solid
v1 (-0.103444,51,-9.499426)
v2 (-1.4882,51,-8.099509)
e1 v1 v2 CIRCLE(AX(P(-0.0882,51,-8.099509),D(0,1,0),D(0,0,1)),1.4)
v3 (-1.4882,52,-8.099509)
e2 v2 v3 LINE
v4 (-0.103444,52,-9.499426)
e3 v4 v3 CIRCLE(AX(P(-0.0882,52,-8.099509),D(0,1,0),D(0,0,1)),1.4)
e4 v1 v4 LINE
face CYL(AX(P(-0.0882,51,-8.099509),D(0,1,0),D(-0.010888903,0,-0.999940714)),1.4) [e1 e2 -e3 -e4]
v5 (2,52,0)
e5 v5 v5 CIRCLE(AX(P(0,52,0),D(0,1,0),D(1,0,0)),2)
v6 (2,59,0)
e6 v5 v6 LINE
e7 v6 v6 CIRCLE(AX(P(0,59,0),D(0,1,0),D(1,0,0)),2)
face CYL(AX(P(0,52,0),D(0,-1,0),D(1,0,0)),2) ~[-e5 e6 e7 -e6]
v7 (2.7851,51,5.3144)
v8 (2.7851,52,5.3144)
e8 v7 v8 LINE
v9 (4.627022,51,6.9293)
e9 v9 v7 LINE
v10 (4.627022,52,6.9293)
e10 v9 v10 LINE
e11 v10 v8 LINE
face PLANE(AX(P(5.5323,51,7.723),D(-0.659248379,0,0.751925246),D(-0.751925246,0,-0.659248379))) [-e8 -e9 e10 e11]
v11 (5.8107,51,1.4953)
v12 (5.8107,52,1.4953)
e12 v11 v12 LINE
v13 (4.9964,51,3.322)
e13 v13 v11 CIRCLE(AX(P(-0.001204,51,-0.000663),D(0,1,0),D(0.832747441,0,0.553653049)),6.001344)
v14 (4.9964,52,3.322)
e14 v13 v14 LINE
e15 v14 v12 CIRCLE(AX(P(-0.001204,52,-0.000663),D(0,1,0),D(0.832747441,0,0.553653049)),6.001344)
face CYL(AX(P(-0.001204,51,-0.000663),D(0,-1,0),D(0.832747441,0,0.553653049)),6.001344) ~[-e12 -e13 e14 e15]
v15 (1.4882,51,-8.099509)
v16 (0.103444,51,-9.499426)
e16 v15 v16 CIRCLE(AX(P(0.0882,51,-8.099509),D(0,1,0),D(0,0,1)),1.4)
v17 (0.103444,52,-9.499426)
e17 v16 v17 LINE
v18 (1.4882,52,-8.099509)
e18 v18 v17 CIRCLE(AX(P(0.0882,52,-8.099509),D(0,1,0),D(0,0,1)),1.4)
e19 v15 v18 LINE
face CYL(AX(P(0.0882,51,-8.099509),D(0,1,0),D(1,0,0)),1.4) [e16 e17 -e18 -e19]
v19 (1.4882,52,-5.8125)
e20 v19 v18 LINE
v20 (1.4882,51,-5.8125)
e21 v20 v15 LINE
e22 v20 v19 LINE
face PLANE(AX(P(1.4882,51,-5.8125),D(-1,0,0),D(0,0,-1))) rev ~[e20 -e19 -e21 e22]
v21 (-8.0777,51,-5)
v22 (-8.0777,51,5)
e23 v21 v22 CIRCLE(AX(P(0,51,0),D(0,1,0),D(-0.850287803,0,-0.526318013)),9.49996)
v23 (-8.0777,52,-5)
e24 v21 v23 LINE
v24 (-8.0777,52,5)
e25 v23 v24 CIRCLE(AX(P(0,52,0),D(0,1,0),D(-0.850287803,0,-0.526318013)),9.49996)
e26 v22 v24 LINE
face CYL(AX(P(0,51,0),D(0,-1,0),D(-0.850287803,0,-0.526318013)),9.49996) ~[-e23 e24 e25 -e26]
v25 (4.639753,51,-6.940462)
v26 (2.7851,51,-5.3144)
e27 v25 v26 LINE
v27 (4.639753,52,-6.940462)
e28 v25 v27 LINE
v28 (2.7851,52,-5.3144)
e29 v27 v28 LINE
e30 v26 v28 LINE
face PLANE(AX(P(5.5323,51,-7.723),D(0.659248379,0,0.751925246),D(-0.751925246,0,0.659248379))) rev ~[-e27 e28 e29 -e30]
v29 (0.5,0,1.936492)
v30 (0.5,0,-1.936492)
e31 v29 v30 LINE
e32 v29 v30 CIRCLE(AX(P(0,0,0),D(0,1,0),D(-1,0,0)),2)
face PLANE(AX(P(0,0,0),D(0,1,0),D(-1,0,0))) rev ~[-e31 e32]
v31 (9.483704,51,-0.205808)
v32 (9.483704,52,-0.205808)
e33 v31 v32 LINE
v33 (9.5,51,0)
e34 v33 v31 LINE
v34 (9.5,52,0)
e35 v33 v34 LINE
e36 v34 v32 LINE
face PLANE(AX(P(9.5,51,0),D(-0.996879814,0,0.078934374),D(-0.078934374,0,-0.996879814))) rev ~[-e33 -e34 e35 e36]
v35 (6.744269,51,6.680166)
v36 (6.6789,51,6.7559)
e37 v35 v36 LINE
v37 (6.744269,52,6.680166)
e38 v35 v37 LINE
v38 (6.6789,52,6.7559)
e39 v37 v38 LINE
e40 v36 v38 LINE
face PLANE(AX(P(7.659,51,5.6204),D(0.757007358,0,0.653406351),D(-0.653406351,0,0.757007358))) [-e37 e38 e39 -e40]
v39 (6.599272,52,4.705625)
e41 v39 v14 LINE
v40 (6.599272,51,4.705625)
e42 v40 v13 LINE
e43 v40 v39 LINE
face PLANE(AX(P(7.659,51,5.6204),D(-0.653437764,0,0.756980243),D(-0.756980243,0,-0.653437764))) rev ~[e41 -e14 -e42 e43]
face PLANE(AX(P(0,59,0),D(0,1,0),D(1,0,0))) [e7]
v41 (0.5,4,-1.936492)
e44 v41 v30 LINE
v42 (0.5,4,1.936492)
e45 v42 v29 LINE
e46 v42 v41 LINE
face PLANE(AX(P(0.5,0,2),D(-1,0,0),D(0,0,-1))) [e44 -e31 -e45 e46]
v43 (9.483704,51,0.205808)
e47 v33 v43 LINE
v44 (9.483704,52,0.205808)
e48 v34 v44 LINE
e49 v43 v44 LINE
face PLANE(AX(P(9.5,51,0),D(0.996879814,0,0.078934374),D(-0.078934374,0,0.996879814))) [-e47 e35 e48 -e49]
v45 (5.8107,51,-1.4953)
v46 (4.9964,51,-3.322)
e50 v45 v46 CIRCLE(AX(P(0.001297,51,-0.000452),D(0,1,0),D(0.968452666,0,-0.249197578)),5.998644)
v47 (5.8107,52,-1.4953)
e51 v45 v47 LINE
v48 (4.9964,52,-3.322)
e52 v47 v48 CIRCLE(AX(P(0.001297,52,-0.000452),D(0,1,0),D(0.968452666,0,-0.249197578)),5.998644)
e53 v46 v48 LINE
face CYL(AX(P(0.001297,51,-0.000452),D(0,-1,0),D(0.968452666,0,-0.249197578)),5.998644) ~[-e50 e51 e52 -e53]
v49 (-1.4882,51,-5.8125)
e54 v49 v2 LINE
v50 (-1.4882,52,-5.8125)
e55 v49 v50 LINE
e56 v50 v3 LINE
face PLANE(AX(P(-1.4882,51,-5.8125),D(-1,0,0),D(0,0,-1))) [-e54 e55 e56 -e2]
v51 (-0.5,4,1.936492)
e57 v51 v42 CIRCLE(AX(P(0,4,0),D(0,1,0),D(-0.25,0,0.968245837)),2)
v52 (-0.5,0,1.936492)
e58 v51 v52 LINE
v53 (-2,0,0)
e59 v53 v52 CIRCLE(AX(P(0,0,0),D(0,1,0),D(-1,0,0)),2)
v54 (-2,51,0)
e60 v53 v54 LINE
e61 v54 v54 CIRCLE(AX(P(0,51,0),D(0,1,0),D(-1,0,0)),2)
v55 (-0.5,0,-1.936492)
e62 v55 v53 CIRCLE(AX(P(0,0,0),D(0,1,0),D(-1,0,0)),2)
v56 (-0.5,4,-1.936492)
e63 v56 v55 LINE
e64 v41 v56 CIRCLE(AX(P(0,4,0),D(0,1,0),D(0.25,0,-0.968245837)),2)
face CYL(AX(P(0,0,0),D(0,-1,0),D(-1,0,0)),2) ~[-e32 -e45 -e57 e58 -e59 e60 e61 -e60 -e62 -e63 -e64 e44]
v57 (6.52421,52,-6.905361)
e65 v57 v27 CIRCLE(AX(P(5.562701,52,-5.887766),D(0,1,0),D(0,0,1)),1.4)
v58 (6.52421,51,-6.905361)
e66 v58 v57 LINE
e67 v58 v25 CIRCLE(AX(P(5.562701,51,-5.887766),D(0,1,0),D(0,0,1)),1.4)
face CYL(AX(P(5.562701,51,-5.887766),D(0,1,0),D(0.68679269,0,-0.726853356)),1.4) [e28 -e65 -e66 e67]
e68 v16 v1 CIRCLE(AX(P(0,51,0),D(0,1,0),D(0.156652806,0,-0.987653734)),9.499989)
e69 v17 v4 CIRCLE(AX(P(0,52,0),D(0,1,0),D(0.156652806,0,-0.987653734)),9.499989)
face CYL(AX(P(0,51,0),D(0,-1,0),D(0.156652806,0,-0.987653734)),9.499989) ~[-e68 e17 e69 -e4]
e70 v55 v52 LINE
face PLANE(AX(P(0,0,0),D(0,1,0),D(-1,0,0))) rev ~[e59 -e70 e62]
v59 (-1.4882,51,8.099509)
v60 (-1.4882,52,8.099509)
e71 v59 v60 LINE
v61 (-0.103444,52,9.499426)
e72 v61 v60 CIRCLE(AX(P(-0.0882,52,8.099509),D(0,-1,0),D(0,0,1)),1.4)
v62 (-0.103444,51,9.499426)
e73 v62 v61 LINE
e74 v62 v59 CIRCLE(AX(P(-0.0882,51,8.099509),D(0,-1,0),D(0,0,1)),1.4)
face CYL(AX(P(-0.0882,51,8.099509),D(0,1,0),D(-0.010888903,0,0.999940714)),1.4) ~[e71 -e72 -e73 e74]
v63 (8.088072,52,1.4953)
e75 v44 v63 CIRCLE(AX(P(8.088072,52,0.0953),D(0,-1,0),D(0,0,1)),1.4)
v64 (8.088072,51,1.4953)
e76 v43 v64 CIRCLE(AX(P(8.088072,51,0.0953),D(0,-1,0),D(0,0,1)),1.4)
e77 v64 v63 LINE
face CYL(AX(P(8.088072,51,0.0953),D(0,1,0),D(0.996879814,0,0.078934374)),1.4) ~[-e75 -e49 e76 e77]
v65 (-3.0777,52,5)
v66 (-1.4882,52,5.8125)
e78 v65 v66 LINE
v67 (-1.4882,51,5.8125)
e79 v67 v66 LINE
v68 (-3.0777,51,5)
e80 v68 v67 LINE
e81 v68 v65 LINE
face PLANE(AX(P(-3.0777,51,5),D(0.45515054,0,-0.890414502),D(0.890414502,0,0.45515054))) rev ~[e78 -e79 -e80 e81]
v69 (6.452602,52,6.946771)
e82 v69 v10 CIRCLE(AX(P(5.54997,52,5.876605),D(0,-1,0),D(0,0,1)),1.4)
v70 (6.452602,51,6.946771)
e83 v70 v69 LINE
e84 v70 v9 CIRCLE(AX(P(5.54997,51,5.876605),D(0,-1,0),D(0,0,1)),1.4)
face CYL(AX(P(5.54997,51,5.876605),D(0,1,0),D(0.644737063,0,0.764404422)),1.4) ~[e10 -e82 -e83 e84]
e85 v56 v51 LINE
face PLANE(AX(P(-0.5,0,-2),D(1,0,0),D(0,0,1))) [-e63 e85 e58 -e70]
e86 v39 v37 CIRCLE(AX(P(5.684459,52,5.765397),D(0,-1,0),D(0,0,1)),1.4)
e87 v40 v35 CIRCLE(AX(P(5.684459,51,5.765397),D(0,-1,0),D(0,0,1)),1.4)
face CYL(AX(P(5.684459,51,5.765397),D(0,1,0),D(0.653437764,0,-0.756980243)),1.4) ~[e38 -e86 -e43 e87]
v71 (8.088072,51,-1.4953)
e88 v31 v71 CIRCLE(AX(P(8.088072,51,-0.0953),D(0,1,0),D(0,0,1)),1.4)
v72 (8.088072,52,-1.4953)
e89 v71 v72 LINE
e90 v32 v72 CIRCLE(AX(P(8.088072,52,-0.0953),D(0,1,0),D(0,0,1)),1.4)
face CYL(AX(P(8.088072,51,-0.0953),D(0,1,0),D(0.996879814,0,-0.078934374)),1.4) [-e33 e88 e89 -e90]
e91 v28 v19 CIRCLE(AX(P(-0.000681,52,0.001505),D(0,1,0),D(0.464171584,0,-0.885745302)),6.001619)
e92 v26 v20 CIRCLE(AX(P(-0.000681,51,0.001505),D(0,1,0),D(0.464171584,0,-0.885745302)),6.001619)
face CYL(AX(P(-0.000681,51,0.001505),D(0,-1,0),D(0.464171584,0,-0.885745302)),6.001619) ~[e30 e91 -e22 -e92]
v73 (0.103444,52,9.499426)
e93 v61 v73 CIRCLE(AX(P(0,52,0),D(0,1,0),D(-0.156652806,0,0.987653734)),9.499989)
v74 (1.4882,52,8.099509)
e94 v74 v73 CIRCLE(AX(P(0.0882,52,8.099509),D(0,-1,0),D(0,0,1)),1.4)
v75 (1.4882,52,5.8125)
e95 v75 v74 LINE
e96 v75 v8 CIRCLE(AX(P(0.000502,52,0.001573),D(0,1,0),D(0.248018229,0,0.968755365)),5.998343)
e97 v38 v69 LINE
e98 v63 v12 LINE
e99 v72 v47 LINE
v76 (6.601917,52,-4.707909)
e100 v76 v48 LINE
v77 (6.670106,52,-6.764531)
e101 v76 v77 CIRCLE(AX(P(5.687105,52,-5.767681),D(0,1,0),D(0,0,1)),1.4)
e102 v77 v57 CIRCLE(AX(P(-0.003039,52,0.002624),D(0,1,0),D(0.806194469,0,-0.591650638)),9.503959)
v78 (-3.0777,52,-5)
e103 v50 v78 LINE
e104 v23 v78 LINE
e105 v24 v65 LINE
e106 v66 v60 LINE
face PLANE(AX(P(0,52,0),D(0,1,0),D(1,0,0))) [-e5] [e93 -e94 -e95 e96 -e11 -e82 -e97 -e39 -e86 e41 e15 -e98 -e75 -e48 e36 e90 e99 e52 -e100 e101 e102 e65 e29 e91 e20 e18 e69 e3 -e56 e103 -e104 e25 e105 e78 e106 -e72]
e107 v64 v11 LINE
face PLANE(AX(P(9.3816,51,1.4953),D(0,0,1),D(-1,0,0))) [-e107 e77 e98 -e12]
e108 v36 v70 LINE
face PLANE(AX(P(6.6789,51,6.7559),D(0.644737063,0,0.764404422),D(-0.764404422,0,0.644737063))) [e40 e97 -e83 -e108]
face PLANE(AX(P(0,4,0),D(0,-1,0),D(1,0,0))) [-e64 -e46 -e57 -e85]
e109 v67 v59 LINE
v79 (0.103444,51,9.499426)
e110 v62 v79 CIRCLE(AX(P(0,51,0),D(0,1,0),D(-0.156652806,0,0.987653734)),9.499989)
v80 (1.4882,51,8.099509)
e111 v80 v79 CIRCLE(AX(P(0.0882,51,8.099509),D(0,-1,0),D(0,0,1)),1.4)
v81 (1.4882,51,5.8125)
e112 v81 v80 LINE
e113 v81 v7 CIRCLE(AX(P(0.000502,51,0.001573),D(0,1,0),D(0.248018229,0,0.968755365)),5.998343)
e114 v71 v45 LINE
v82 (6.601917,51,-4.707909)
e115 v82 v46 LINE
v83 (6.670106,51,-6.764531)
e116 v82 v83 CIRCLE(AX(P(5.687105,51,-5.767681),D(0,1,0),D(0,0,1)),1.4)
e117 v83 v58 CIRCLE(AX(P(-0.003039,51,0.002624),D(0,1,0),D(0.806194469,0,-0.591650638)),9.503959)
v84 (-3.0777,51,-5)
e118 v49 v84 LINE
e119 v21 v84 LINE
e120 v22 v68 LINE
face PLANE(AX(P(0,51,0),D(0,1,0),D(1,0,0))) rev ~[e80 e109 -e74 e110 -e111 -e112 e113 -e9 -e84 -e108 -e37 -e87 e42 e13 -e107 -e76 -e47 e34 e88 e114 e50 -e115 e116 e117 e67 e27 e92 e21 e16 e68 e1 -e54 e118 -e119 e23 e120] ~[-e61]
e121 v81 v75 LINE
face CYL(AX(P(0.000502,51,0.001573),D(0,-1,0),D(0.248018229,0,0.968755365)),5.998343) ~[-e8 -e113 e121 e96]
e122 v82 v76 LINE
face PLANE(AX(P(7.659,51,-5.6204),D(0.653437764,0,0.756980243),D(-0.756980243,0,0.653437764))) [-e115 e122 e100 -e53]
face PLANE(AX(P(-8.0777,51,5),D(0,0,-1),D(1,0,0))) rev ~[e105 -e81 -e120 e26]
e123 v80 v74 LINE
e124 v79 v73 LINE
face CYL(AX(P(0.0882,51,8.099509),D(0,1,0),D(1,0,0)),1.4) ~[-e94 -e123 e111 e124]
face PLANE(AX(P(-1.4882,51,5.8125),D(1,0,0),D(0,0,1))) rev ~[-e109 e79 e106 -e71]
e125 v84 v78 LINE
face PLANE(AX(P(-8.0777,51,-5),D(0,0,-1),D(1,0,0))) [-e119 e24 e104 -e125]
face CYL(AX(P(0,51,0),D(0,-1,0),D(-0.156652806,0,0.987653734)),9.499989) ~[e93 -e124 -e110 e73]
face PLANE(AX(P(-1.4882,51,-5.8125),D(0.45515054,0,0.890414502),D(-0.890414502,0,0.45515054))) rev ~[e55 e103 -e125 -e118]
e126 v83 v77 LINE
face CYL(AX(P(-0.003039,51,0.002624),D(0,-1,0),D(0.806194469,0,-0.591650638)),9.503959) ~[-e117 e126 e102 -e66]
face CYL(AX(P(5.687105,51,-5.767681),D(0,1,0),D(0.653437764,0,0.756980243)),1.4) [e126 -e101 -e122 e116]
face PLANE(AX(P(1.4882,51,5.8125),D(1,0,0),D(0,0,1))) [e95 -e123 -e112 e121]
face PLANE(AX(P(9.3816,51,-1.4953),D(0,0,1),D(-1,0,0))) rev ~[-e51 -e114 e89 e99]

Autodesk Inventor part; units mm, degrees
ref_plane "YZ Plane" through (0, 0, 0) normal (1, 0, 0) x (0, 1, 0)
ref_plane "XZ Plane" through (0, 0, 0) normal (0, 1, 0) x (-1, 0, 0)
ref_plane "XY Plane" through (0, 0, 0) normal (0, 0, 1) x (1, 0, 0)
sketch "Sketch1" plane through (0, 0, 0) normal (0, 1, 0) x (-1, 0, 0)
  point P0 (0, 0)
sketch "Sketch2" plane through (0, 0, 0) normal (0, 1, 0) x (-1, 0, 0)
  circle A0 centre (0, 0) radius 2
  dimension "d0" = 4
extrude "Extrusion1" add sketch "Sketch2" along normal blind 51
sketch "Sketch3" plane through (0, 0, 0) normal (0, -1, 0) x (1, 0, 0)
  line L0 (-0.5, 2) -> (0.5, 2)
  line L1 (0.5, 2) -> (0.5, -2)
  line L2 (0.5, -2) -> (-0.5, -2)
  line L3 (-0.5, -2) -> (-0.5, 2)
  line L4 (-0.5, 2) -> (0.5, -2) construction
  line L5 (0.5, 2) -> (-0.5, -2) construction
  point P0 (0, 0)
  dimension "d3" = 1
  dimension "d4" = 4
extrude "Extrusion2" cut sketch "Sketch3" against normal blind 4
sketch "Sketch4" plane through (0, 51, 0) normal (0, 1, 0) x (1, 0, 0)
  line L0 (0, 9.5) -> (0, -9.5) construction
  line L1 (9.5, 0) -> (-9.5, 0) construction
  line L2 (9.5, 0) -> (9.3816, 1.4953)
  line L3 (9.3816, 1.4953) -> (5.8107, 1.4953)
  line L4 (9.5, 0) -> (9.3816, -1.4953)
  line L5 (9.3816, -1.4953) -> (5.8107, -1.4953)
  line L6 (1.4882, -5.8125) -> (1.4882, -9.3827)
  line L7 (-1.4882, -5.8125) -> (-1.4882, -9.3827)
  line L8 (1.4882, 5.8125) -> (1.4882, 9.3827)
  line L9 (-1.4882, 5.8125) -> (-1.4882, 9.3827)
  line L10 (7.659, -5.6204) -> (4.9964, -3.322)
  line L11 (7.659, -5.6204) -> (6.6789, -6.7559)
  line L12 (6.6789, -6.7559) -> (5.5323, -7.723)
  line L13 (5.5323, -7.723) -> (2.7851, -5.3144)
  line L14 (7.659, 5.6204) -> (4.9964, 3.322)
  line L15 (5.5323, 7.723) -> (2.7851, 5.3144)
  line L16 (-9.5, 0) -> (-9.5, 5) construction
  line L17 (-9.5, 0) -> (-9.5, -5) construction
  line L18 (-8.0777, 5) -> (-3.0777, 5)
  line L19 (-8.0777, -5) -> (-3.0777, -5)
  line L20 (-1.4882, 5.8125) -> (-3.0777, 5)
  line L21 (-3.0777, -5) -> (-1.4882, -5.8125)
  arc A0 (-8.0777, 5) -> (-8.0777, -5) centre (0, 0) ccw
  arc A1 (-1.4882, -9.3827) -> (1.4882, -9.3827) centre (0, 0) ccw
  arc A2 (5.5323, -7.723) -> (7.659, -5.6204) centre (0, 0) ccw
  arc A3 (9.3816, -1.4953) -> (9.3816, 1.4953) centre (0, 0) ccw
  arc A4 (7.659, 5.6204) -> (5.5323, 7.723) centre (0, 0) ccw
  arc A5 (1.4882, 9.3827) -> (-1.4882, 9.3827) centre (0, 0) ccw
  arc A6 (5.8107, 1.4953) -> (4.9964, 3.322) centre (0, 0) ccw
  arc A7 (4.9964, -3.322) -> (5.8107, -1.4953) centre (0, 0) ccw
  arc A8 (1.4882, -5.8125) -> (2.7851, -5.3144) centre (0, 0) ccw
  arc A9 (2.7851, 5.3144) -> (1.4882, 5.8125) centre (0, 0) ccw
  dimension "d28" = 5
  dimension "d29" = 5
extrude "Extrusion3" add sketch "Sketch4" along normal blind 1 contours L4 L5 A7 L10 L11 L12 L13 A8 L6 A1 L7 L21 L19 A0 L18 L20 L9 A5 L8 A9 L15 A4 L14 A6 L3 L2
fillet "Fillet1" radius 1.4 10 edges at (1.4882, 51.5, 9.3827) (-1.4882, 51.5, 9.3827) (9.3816, 51.5, 1.4953) (9.3816, 51.5, -1.4953) (7.659, 51.5, -5.6204) (5.5323, 51.5, -7.723) (1.4882, 51.5, -9.3827) (-1.4882, 51.5, -9.3827) (5.5323, 51.5, 7.723) (7.659, 51.5, 5.6204)
sketch "Sketch5" plane through (0, 52, 0) normal (0, 1, 0) x (1, 0, 0)
  circle A0 centre (0, 0) radius 2
  dimension "d33" = 4
extrude "Extrusion4" add sketch "Sketch5" along normal blind 7
properties part number "Main turning shaft"
